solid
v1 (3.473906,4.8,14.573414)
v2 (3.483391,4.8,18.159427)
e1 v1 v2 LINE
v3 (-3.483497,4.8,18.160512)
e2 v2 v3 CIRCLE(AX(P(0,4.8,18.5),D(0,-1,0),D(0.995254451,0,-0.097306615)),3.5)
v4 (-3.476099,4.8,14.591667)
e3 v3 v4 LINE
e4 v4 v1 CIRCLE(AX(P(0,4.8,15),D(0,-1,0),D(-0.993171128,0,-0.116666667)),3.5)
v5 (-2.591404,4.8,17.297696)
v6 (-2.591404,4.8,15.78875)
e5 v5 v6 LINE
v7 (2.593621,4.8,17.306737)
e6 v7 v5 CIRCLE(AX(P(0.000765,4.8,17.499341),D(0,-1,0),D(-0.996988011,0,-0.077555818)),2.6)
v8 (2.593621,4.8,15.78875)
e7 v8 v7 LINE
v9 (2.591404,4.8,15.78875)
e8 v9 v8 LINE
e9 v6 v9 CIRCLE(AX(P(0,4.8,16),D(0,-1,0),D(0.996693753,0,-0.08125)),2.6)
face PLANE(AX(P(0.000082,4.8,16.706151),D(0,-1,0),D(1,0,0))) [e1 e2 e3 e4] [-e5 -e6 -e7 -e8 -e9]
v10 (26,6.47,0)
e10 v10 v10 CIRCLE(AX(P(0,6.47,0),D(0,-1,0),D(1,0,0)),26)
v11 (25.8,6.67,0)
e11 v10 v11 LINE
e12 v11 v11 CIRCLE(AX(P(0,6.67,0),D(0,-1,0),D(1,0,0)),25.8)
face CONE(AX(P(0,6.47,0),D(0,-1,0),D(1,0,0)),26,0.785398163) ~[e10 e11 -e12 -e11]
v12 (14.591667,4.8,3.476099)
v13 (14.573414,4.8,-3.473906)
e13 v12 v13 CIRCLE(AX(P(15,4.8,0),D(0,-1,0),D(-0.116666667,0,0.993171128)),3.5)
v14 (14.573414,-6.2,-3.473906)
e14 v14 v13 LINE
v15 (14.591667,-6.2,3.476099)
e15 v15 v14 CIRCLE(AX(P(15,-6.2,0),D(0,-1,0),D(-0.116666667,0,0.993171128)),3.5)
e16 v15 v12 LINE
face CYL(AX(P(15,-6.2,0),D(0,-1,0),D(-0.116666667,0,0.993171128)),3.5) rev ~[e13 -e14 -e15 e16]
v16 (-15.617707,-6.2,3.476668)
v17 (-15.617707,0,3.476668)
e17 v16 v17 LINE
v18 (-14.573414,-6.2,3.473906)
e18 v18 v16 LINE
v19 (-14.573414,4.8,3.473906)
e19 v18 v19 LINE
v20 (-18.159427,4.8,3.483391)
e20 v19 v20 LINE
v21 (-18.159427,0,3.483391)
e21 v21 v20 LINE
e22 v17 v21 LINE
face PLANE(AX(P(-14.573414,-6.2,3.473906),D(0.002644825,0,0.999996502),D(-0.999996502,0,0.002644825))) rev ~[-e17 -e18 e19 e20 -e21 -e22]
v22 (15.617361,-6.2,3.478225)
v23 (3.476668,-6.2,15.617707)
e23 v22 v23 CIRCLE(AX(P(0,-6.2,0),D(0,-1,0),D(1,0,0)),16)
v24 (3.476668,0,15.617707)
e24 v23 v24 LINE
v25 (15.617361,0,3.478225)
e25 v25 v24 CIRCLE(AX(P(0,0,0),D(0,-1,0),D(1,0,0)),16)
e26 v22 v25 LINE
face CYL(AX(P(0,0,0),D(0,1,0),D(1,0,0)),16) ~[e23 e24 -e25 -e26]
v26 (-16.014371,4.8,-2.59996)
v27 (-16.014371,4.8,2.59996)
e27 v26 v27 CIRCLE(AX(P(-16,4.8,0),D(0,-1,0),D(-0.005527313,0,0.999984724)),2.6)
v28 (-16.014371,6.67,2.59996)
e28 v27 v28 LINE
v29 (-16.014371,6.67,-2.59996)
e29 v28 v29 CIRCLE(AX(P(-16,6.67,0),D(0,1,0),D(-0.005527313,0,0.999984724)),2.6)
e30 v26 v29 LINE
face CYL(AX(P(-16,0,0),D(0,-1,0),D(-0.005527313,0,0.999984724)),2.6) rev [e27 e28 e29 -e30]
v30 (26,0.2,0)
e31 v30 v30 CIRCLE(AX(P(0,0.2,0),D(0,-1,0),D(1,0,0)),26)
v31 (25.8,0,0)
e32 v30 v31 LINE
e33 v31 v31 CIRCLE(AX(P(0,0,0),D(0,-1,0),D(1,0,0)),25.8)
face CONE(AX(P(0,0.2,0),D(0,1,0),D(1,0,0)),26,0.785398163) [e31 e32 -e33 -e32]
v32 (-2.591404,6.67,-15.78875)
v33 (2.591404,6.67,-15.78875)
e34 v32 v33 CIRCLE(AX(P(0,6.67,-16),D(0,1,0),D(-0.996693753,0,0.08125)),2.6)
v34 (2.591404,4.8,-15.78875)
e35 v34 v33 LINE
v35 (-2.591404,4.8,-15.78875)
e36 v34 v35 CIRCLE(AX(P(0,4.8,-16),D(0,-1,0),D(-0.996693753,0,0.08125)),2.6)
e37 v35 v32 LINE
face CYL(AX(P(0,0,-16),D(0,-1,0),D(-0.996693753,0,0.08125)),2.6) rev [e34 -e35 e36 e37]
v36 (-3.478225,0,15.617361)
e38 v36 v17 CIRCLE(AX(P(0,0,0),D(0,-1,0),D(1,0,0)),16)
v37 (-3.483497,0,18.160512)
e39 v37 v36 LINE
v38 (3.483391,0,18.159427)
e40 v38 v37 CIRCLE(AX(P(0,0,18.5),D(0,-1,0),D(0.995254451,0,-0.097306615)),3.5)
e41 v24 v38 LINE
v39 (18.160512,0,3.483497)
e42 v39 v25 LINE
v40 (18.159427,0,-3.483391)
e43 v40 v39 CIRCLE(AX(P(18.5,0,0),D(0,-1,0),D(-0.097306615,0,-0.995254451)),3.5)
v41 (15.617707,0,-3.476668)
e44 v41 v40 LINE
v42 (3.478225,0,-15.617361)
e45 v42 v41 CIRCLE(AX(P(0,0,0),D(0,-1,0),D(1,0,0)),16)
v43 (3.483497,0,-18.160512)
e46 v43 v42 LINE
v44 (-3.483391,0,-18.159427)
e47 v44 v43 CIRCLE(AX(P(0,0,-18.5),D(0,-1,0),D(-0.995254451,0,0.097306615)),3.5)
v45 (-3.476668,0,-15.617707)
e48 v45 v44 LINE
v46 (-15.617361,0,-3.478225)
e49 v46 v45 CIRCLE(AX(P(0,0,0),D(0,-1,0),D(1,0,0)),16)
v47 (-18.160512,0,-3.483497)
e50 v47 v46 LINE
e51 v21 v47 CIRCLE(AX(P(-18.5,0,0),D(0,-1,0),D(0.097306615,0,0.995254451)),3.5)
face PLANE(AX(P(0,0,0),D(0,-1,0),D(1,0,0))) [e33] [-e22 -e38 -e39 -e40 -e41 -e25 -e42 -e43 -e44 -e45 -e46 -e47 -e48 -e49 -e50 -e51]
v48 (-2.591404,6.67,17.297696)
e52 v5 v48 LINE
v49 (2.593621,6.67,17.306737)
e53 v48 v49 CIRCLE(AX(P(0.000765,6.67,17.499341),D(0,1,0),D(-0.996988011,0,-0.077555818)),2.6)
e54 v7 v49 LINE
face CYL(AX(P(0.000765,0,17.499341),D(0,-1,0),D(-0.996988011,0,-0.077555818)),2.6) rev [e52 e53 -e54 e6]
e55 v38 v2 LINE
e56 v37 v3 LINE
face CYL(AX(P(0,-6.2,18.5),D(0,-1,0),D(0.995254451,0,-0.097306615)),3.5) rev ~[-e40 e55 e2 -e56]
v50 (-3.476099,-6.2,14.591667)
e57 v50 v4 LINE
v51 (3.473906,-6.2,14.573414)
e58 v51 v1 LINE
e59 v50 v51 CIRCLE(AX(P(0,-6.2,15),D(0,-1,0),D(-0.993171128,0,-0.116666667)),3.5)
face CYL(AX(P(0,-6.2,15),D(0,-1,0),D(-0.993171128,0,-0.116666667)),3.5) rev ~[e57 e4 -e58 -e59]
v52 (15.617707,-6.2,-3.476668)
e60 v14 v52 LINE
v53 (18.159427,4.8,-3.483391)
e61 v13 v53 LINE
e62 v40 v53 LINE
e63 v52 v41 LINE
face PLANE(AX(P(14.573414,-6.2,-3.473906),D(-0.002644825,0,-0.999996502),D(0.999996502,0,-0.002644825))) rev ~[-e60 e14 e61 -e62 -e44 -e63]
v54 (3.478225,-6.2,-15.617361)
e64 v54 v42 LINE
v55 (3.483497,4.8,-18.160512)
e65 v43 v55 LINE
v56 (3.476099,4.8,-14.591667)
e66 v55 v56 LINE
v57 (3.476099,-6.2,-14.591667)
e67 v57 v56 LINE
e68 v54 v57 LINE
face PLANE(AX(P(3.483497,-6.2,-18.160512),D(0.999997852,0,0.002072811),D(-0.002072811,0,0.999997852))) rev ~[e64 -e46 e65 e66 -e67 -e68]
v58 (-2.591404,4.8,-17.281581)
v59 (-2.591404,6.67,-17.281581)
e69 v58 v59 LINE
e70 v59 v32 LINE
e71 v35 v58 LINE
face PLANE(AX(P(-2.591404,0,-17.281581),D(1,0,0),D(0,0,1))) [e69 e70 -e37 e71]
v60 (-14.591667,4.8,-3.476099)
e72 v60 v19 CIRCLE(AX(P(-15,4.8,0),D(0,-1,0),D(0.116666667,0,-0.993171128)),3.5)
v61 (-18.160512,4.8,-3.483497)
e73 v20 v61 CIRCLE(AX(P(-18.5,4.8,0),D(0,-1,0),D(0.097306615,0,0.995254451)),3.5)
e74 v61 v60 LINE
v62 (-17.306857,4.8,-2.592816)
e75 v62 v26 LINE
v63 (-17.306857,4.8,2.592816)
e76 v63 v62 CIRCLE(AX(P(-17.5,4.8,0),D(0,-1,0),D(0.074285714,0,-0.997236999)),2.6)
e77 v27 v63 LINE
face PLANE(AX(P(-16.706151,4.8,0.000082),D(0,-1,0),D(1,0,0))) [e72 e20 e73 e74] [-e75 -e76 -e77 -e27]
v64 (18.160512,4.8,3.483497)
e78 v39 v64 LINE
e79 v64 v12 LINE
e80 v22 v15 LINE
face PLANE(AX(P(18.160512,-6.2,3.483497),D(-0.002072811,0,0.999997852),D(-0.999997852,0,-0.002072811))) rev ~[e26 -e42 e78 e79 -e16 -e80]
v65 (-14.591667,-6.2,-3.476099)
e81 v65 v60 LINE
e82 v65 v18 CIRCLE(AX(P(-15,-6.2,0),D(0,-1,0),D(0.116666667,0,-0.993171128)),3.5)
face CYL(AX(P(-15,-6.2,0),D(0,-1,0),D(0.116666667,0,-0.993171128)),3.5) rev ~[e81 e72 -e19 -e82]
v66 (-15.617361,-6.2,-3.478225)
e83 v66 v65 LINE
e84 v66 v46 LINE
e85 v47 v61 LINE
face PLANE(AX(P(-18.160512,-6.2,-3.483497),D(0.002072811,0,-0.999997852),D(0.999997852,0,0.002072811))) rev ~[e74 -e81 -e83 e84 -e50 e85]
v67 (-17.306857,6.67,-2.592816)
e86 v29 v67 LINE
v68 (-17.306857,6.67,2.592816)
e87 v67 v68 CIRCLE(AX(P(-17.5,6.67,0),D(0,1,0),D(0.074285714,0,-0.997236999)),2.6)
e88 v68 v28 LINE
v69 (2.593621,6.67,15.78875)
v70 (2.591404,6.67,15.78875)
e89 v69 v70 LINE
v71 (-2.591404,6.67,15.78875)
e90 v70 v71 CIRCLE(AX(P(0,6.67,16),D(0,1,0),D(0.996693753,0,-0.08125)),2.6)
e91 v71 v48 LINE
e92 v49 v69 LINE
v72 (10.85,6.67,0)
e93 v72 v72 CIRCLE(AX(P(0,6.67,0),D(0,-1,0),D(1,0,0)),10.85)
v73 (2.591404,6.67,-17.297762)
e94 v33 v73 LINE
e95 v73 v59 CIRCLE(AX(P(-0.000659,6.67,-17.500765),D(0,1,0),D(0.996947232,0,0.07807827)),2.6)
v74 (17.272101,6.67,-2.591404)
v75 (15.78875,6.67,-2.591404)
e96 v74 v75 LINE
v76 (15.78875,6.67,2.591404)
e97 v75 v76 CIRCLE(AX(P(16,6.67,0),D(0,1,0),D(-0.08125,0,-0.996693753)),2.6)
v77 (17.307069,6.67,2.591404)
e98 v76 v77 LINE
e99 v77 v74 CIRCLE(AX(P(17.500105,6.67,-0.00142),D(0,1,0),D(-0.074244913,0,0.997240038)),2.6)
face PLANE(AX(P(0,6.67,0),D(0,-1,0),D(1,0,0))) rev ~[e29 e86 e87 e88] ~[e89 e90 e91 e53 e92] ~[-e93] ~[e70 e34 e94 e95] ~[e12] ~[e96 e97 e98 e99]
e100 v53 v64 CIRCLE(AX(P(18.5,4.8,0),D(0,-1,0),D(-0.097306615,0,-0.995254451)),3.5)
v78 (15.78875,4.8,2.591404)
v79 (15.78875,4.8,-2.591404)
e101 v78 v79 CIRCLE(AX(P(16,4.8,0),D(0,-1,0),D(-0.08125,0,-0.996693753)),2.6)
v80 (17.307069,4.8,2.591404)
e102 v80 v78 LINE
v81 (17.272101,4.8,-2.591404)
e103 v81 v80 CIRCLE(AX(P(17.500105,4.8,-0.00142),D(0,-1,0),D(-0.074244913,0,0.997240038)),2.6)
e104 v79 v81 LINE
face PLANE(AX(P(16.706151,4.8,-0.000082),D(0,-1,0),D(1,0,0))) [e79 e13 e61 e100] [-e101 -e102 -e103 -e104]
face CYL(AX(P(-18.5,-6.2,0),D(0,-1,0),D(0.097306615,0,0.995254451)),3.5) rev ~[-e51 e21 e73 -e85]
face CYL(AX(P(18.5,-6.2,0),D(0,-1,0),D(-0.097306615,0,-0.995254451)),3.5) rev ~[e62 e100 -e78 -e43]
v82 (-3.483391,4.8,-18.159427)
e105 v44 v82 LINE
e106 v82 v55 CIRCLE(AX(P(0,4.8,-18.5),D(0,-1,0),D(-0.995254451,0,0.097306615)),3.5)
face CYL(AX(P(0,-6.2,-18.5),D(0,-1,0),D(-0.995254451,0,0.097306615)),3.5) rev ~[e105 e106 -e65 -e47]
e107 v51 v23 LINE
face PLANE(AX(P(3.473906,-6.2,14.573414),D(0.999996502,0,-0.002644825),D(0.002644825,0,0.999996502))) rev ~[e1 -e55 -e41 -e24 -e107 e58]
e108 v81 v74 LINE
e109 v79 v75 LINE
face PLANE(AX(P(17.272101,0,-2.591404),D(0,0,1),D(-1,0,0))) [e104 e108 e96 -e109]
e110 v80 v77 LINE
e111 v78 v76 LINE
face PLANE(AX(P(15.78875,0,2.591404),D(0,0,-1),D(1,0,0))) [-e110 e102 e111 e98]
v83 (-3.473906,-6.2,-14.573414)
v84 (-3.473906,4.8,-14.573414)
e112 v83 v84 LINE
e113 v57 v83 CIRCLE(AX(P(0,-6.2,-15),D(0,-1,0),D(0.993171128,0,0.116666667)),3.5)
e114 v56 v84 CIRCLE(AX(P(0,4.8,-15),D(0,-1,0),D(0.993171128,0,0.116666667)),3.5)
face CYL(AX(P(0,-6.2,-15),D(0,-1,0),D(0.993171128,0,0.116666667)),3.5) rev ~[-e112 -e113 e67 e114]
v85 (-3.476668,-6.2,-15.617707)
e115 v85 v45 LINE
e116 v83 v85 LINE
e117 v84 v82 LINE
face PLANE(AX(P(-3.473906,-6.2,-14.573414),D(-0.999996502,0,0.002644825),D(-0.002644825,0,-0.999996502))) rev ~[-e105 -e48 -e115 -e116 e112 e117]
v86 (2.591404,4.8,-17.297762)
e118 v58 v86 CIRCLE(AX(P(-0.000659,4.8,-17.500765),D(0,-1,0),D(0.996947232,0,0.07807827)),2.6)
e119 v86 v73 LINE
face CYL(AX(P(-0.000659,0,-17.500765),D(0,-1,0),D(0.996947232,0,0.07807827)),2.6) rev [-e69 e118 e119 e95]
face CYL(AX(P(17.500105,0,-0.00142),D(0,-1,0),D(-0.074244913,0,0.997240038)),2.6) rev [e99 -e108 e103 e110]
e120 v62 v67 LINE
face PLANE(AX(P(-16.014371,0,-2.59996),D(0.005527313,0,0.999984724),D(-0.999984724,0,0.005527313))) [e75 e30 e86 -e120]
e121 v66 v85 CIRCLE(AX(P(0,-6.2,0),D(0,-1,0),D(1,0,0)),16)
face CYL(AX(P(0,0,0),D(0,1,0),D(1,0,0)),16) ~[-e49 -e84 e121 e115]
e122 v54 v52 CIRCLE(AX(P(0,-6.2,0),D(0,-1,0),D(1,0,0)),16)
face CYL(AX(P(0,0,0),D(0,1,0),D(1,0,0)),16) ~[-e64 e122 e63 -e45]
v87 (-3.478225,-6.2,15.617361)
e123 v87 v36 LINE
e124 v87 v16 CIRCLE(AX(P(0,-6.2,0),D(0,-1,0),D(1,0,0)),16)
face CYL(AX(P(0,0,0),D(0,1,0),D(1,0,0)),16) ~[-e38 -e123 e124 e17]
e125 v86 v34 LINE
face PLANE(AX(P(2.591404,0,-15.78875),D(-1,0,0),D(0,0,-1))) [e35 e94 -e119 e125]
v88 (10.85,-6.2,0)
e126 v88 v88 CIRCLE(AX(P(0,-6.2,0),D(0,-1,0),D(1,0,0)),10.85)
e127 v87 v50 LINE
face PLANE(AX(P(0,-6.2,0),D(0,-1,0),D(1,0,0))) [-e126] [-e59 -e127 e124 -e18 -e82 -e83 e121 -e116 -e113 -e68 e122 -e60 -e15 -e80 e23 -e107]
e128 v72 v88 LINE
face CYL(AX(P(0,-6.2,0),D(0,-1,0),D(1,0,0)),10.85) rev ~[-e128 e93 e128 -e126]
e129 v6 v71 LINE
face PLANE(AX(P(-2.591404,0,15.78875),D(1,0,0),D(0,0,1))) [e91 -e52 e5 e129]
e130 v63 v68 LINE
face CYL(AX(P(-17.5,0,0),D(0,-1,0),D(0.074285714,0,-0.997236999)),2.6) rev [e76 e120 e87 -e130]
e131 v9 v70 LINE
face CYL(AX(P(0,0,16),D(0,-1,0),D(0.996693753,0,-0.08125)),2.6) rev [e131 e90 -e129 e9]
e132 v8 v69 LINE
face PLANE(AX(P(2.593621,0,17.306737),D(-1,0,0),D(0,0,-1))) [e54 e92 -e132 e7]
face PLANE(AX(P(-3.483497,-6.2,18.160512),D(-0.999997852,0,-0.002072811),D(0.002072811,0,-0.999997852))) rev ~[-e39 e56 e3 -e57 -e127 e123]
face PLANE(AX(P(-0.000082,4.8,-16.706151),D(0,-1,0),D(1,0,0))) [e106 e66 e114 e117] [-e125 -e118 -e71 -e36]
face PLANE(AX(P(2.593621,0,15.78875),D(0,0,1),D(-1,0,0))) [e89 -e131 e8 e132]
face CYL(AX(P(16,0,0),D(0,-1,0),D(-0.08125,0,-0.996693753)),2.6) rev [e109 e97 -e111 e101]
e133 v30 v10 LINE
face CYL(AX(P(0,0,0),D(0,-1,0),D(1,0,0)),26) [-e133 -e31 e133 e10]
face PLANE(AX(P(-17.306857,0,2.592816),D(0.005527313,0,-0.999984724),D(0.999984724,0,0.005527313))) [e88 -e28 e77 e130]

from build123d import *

# Parameters (mm, degrees)
F0_R     = 26
F0_R_2   = 10.85
F1_DEPTH = 6.67
F2_SIZE  = 0.2
F3_R     = 16
F4_DEPTH = 6.2
F5_R     = 10.85
F6_DEPTH = 11


with BuildPart() as f1:
    # F0 (on Front) → F1 (new body)
    with BuildSketch(Plane.XZ):
        Circle(F0_R)
        with BuildLine():
            ThreePointArc((-2.5914037581, -15.78875), (0, -13.4), (2.5914037581, -15.78875))
            Line((2.5914037581, -15.78875), (2.5914037581, -17.2977615707))
            ThreePointArc((2.5914037581, -17.2977615707), (-0.0087763318, -20.1007524005), (-2.5914037581, -17.2815805949))
            Line((-2.5914037581, -17.2815805949), (-2.5914037581, -15.78875))
        make_face(mode=Mode.SUBTRACT)
        with BuildLine():
            ThreePointArc((15.78875, -2.5914037581), (13.4, 0), (15.78875, 2.5914037581))
            Line((15.78875, 2.5914037581), (17.3070686878, 2.5914037581))
            ThreePointArc((17.3070686878, 2.5914037581), (20.1000462874, -0.0189616291), (17.2721013057, -2.5914037581))
            Line((17.2721013057, -2.5914037581), (15.78875, -2.5914037581))
        make_face(mode=Mode.SUBTRACT)
        with BuildLine():
            ThreePointArc((-17.3068571429, -2.592816198), (-20.1, 0), (-17.3068571429, 2.592816198))
            Line((-17.3068571429, 2.592816198), (-16.014371015, 2.5999602831))
            ThreePointArc((-16.014371015, 2.5999602831), (-13.4, 0), (-16.014371015, -2.5999602831))
            Line((-16.014371015, -2.5999602831), (-17.3068571429, -2.592816198))
        make_face(mode=Mode.SUBTRACT)
        Circle(F0_R_2, mode=Mode.SUBTRACT)
        with BuildLine():
            ThreePointArc((2.5914037581, 15.78875), (0, 13.4), (-2.5914037581, 15.78875))
            Line((-2.5914037581, 15.78875), (-2.5914037581, 17.2976958265))
            ThreePointArc((-2.5914037581, 17.2976958265), (-0.0037683158, 20.0993370021), (2.5936213204, 17.3067365048))
            Line((2.5936213204, 17.3067365048), (2.5936213204, 15.8179877846))
            Line((2.5936213204, 15.8179877846), (2.5936213204, 15.78875))
            Line((2.5936213204, 15.78875), (2.5914037581, 15.78875))
        make_face(mode=Mode.SUBTRACT)
    extrude(amount=-F1_DEPTH)

    # F2
    f2_edges = [f1.edges().sort_by_distance(p)[0] for p in [
        (-26, 6.67, 0),
        (-26, 0, 0),
    ]]
    chamfer(f2_edges, length=F2_SIZE)

    # F3 (on face) → F4 (join)
    with BuildSketch(Plane.XZ):
        Circle(F3_R)
    extrude(amount=F4_DEPTH)

    # F5 (on face) → F6 (cut)
    with BuildSketch(Plane.XZ.offset(6.2)):
        Circle(F5_R)
        with BuildLine():
            Line((3.4739061675, 14.57341362), (3.4833905794, 18.1594268488))
            ThreePointArc((3.4833905794, 18.1594268488), (0.0005451634, 21.9999999575), (-3.4834965064, 18.1605120179))
            Line((-3.4834965064, 18.1605120179), (-3.4760989469, 14.5916666667))
            ThreePointArc((-3.4760989469, 14.5916666667), (-0.0091921433, 11.5000120708), (3.4739061675, 14.57341362))
        make_face()
        with BuildLine():
            Line((-14.57341362, 3.4739061675), (-18.1594268488, 3.4833905794))
            ThreePointArc((-18.1594268488, 3.4833905794), (-21.9999999575, 0.0005451634), (-18.1605120179, -3.4834965064))
            Line((-18.1605120179, -3.4834965064), (-14.5916666667, -3.4760989469))
            ThreePointArc((-14.5916666667, -3.4760989469), (-11.5000120708, -0.0091921433), (-14.57341362, 3.4739061675))
        make_face()
        with BuildLine():
            Line((-3.4739061675, -14.57341362), (-3.4833905794, -18.1594268488))
            ThreePointArc((-3.4833905794, -18.1594268488), (-0.0005451634, -21.9999999575), (3.4834965064, -18.1605120179))
            Line((3.4834965064, -18.1605120179), (3.4760989469, -14.5916666667))
            ThreePointArc((3.4760989469, -14.5916666667), (0.0091921433, -11.5000120708), (-3.4739061675, -14.57341362))
        make_face()
        with BuildLine():
            Line((14.57341362, -3.4739061675), (18.1594268488, -3.4833905794))
            ThreePointArc((18.1594268488, -3.4833905794), (21.9999999575, -0.0005451634), (18.1605120179, 3.4834965064))
            Line((18.1605120179, 3.4834965064), (14.5916666667, 3.4760989469))
            ThreePointArc((14.5916666667, 3.4760989469), (11.5000120708, 0.0091921433), (14.57341362, -3.4739061675))
        make_face()
    extrude(amount=-F6_DEPTH, mode=Mode.SUBTRACT)


solid = f1.part
